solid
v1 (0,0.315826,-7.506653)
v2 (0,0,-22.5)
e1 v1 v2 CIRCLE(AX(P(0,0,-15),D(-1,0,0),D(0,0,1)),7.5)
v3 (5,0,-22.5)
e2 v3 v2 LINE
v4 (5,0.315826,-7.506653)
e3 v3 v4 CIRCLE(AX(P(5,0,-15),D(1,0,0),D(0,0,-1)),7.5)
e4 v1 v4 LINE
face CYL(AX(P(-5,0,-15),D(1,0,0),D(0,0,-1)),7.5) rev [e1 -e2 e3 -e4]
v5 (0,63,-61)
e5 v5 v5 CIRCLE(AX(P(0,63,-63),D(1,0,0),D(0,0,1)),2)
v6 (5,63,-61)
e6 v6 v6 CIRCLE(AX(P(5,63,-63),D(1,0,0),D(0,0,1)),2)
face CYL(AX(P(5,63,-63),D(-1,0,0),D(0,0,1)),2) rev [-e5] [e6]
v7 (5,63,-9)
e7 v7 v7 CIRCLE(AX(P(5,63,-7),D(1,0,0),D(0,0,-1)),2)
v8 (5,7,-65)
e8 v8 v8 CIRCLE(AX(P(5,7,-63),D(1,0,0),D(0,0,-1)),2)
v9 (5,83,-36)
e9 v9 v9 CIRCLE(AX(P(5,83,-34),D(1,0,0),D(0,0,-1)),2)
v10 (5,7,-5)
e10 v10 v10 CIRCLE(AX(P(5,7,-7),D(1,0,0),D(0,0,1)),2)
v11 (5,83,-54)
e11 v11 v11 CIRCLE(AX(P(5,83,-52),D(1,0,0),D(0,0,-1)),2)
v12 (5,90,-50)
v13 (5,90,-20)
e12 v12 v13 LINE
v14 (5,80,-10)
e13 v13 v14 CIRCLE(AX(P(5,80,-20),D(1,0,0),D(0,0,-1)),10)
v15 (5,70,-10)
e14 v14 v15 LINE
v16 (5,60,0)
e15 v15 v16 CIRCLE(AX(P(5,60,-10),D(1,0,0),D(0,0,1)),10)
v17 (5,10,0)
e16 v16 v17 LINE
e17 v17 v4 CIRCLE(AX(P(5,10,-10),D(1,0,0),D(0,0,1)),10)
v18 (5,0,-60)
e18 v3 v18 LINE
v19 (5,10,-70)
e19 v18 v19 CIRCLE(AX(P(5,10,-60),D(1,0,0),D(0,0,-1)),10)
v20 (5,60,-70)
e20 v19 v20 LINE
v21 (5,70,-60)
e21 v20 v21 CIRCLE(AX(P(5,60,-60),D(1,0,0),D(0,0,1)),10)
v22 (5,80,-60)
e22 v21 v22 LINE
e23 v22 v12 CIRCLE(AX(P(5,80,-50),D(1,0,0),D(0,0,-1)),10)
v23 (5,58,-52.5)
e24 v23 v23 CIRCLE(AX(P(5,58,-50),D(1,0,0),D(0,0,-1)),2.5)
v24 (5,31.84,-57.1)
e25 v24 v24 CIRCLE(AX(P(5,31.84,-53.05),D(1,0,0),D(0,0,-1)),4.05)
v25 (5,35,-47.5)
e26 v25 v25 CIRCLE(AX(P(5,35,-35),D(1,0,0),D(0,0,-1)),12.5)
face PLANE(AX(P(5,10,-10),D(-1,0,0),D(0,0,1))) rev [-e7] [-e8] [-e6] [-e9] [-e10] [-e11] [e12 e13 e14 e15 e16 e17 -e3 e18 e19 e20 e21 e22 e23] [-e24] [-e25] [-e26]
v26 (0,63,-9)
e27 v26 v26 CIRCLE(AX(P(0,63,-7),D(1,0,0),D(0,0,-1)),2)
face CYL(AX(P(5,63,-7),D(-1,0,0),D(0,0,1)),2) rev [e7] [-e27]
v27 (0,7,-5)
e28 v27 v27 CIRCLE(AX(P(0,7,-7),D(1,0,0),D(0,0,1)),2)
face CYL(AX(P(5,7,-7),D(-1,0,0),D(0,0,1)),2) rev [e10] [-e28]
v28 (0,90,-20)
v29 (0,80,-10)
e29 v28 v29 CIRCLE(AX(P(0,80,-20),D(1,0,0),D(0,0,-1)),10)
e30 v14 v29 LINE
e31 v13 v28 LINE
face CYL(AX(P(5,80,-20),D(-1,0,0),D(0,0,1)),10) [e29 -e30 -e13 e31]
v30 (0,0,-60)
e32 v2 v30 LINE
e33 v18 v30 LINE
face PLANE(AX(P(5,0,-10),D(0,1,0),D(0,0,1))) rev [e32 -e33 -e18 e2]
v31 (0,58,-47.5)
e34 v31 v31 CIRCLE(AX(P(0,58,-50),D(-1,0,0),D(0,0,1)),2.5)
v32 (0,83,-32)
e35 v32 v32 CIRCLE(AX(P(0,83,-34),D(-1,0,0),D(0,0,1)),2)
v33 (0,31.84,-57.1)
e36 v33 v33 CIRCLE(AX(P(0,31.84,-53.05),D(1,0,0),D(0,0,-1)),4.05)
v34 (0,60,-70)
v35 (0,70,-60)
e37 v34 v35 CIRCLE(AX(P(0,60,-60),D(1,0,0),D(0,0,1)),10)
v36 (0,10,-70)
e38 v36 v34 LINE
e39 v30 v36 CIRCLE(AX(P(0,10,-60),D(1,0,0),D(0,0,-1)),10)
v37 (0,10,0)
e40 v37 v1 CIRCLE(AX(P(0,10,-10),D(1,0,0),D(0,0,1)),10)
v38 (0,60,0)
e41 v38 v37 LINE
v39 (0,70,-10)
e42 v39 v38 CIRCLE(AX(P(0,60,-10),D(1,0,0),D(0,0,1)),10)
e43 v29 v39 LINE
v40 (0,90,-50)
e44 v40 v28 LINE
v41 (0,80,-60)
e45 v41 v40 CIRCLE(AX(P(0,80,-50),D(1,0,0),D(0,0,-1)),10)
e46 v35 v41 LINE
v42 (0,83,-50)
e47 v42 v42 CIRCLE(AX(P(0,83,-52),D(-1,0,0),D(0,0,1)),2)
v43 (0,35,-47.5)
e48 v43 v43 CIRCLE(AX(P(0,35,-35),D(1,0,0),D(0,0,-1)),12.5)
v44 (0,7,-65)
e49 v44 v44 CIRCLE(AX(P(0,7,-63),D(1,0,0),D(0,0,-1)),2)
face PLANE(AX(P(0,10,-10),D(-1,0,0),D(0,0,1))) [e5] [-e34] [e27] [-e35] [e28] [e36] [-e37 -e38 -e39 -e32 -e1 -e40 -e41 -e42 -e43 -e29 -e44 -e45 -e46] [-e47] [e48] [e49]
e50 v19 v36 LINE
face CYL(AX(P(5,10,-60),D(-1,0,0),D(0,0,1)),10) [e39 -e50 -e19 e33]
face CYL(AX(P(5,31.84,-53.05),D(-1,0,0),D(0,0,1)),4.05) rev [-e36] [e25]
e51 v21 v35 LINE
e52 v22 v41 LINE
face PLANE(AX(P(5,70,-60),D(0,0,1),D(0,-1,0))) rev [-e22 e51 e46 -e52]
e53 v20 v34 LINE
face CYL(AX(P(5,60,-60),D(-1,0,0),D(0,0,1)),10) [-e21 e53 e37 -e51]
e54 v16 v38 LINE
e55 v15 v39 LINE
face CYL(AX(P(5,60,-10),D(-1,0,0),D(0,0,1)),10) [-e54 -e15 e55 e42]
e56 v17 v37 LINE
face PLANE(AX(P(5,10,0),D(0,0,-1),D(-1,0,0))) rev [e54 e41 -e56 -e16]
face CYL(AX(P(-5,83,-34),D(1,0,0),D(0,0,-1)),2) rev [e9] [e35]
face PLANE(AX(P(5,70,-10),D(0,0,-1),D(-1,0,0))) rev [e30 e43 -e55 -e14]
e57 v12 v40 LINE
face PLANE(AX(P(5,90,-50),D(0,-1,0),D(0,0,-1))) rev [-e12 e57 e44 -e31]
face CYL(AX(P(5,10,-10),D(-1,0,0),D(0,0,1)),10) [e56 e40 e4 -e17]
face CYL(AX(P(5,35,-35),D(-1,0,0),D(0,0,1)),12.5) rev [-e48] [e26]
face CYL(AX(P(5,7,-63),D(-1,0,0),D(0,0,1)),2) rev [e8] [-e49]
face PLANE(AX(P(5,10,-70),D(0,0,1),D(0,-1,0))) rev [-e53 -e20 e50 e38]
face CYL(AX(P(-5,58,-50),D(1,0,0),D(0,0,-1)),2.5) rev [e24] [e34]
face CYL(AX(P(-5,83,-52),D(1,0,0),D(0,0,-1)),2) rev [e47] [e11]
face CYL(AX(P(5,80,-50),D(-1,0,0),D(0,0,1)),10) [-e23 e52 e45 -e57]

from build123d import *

# Parameters (mm, degrees)
CROQUIS1_R              = 2
CROQUIS1_R_2            = 4.05
CROQUIS1_R_3            = 12.5
SALIENTE_EXTRUIR1_DEPTH = 5
CROQUIS2_R              = 7.5
CROQUIS2_R_2            = 2.5
CROQUIS2_R_3            = 2
CORTAR_EXTRUIR1_DEPTH   = 10


with BuildPart() as part:
    # Croquis1 → Saliente-Extruir1 (new body)
    with BuildSketch(Plane(origin=(0, 0, 0), x_dir=(0, 0, -1), z_dir=(1, 0, 0))):
        with BuildLine():
            Line((10, 0), (60, 0))
            ThreePointArc((60, 0), (67.071067812, 2.928932188), (70, 10))
            Line((70, 10), (70, 60))
            ThreePointArc((70, 60), (67.071067812, 67.071067812), (60, 70))
            Line((60, 70), (60, 80))
            ThreePointArc((60, 80), (57.071067812, 87.071067812), (50, 90))
            Line((50, 90), (20, 90))
            ThreePointArc((20, 90), (12.928932188, 87.071067812), (10, 80))
            Line((10, 80), (10, 70))
            ThreePointArc((10, 70), (2.928932188, 67.071067812), (0, 60))
            Line((0, 60), (0, 10))
            ThreePointArc((0, 10), (2.928932188, 2.928932188), (10, 0))
        make_face()
        with Locations((7, 63)):
            Circle(CROQUIS1_R, mode=Mode.SUBTRACT)
        with Locations((63, 63)):
            Circle(CROQUIS1_R, mode=Mode.SUBTRACT)
        with Locations((63, 7)):
            Circle(CROQUIS1_R, mode=Mode.SUBTRACT)
        with Locations((7, 7)):
            Circle(CROQUIS1_R, mode=Mode.SUBTRACT)
        with Locations((53.05, 31.84)):
            Circle(CROQUIS1_R_2, mode=Mode.SUBTRACT)
        with Locations((35, 35)):
            Circle(CROQUIS1_R_3, mode=Mode.SUBTRACT)
    extrude(amount=SALIENTE_EXTRUIR1_DEPTH)

    # Croquis2 → Cortar-Extruir1 (cut)
    with BuildSketch(Plane(origin=(5, 0, 0), x_dir=(0, 0, -1), z_dir=(1, 0, 0))):
        with Locations((15, 0)):
            Circle(CROQUIS2_R)
        with Locations((50, 58)):
            Circle(CROQUIS2_R_2)
        with Locations((52, 83)):
            Circle(CROQUIS2_R_3)
        with Locations((34, 83)):
            Circle(CROQUIS2_R_3)
    extrude(amount=-CORTAR_EXTRUIR1_DEPTH, mode=Mode.SUBTRACT)


solid = part.part
